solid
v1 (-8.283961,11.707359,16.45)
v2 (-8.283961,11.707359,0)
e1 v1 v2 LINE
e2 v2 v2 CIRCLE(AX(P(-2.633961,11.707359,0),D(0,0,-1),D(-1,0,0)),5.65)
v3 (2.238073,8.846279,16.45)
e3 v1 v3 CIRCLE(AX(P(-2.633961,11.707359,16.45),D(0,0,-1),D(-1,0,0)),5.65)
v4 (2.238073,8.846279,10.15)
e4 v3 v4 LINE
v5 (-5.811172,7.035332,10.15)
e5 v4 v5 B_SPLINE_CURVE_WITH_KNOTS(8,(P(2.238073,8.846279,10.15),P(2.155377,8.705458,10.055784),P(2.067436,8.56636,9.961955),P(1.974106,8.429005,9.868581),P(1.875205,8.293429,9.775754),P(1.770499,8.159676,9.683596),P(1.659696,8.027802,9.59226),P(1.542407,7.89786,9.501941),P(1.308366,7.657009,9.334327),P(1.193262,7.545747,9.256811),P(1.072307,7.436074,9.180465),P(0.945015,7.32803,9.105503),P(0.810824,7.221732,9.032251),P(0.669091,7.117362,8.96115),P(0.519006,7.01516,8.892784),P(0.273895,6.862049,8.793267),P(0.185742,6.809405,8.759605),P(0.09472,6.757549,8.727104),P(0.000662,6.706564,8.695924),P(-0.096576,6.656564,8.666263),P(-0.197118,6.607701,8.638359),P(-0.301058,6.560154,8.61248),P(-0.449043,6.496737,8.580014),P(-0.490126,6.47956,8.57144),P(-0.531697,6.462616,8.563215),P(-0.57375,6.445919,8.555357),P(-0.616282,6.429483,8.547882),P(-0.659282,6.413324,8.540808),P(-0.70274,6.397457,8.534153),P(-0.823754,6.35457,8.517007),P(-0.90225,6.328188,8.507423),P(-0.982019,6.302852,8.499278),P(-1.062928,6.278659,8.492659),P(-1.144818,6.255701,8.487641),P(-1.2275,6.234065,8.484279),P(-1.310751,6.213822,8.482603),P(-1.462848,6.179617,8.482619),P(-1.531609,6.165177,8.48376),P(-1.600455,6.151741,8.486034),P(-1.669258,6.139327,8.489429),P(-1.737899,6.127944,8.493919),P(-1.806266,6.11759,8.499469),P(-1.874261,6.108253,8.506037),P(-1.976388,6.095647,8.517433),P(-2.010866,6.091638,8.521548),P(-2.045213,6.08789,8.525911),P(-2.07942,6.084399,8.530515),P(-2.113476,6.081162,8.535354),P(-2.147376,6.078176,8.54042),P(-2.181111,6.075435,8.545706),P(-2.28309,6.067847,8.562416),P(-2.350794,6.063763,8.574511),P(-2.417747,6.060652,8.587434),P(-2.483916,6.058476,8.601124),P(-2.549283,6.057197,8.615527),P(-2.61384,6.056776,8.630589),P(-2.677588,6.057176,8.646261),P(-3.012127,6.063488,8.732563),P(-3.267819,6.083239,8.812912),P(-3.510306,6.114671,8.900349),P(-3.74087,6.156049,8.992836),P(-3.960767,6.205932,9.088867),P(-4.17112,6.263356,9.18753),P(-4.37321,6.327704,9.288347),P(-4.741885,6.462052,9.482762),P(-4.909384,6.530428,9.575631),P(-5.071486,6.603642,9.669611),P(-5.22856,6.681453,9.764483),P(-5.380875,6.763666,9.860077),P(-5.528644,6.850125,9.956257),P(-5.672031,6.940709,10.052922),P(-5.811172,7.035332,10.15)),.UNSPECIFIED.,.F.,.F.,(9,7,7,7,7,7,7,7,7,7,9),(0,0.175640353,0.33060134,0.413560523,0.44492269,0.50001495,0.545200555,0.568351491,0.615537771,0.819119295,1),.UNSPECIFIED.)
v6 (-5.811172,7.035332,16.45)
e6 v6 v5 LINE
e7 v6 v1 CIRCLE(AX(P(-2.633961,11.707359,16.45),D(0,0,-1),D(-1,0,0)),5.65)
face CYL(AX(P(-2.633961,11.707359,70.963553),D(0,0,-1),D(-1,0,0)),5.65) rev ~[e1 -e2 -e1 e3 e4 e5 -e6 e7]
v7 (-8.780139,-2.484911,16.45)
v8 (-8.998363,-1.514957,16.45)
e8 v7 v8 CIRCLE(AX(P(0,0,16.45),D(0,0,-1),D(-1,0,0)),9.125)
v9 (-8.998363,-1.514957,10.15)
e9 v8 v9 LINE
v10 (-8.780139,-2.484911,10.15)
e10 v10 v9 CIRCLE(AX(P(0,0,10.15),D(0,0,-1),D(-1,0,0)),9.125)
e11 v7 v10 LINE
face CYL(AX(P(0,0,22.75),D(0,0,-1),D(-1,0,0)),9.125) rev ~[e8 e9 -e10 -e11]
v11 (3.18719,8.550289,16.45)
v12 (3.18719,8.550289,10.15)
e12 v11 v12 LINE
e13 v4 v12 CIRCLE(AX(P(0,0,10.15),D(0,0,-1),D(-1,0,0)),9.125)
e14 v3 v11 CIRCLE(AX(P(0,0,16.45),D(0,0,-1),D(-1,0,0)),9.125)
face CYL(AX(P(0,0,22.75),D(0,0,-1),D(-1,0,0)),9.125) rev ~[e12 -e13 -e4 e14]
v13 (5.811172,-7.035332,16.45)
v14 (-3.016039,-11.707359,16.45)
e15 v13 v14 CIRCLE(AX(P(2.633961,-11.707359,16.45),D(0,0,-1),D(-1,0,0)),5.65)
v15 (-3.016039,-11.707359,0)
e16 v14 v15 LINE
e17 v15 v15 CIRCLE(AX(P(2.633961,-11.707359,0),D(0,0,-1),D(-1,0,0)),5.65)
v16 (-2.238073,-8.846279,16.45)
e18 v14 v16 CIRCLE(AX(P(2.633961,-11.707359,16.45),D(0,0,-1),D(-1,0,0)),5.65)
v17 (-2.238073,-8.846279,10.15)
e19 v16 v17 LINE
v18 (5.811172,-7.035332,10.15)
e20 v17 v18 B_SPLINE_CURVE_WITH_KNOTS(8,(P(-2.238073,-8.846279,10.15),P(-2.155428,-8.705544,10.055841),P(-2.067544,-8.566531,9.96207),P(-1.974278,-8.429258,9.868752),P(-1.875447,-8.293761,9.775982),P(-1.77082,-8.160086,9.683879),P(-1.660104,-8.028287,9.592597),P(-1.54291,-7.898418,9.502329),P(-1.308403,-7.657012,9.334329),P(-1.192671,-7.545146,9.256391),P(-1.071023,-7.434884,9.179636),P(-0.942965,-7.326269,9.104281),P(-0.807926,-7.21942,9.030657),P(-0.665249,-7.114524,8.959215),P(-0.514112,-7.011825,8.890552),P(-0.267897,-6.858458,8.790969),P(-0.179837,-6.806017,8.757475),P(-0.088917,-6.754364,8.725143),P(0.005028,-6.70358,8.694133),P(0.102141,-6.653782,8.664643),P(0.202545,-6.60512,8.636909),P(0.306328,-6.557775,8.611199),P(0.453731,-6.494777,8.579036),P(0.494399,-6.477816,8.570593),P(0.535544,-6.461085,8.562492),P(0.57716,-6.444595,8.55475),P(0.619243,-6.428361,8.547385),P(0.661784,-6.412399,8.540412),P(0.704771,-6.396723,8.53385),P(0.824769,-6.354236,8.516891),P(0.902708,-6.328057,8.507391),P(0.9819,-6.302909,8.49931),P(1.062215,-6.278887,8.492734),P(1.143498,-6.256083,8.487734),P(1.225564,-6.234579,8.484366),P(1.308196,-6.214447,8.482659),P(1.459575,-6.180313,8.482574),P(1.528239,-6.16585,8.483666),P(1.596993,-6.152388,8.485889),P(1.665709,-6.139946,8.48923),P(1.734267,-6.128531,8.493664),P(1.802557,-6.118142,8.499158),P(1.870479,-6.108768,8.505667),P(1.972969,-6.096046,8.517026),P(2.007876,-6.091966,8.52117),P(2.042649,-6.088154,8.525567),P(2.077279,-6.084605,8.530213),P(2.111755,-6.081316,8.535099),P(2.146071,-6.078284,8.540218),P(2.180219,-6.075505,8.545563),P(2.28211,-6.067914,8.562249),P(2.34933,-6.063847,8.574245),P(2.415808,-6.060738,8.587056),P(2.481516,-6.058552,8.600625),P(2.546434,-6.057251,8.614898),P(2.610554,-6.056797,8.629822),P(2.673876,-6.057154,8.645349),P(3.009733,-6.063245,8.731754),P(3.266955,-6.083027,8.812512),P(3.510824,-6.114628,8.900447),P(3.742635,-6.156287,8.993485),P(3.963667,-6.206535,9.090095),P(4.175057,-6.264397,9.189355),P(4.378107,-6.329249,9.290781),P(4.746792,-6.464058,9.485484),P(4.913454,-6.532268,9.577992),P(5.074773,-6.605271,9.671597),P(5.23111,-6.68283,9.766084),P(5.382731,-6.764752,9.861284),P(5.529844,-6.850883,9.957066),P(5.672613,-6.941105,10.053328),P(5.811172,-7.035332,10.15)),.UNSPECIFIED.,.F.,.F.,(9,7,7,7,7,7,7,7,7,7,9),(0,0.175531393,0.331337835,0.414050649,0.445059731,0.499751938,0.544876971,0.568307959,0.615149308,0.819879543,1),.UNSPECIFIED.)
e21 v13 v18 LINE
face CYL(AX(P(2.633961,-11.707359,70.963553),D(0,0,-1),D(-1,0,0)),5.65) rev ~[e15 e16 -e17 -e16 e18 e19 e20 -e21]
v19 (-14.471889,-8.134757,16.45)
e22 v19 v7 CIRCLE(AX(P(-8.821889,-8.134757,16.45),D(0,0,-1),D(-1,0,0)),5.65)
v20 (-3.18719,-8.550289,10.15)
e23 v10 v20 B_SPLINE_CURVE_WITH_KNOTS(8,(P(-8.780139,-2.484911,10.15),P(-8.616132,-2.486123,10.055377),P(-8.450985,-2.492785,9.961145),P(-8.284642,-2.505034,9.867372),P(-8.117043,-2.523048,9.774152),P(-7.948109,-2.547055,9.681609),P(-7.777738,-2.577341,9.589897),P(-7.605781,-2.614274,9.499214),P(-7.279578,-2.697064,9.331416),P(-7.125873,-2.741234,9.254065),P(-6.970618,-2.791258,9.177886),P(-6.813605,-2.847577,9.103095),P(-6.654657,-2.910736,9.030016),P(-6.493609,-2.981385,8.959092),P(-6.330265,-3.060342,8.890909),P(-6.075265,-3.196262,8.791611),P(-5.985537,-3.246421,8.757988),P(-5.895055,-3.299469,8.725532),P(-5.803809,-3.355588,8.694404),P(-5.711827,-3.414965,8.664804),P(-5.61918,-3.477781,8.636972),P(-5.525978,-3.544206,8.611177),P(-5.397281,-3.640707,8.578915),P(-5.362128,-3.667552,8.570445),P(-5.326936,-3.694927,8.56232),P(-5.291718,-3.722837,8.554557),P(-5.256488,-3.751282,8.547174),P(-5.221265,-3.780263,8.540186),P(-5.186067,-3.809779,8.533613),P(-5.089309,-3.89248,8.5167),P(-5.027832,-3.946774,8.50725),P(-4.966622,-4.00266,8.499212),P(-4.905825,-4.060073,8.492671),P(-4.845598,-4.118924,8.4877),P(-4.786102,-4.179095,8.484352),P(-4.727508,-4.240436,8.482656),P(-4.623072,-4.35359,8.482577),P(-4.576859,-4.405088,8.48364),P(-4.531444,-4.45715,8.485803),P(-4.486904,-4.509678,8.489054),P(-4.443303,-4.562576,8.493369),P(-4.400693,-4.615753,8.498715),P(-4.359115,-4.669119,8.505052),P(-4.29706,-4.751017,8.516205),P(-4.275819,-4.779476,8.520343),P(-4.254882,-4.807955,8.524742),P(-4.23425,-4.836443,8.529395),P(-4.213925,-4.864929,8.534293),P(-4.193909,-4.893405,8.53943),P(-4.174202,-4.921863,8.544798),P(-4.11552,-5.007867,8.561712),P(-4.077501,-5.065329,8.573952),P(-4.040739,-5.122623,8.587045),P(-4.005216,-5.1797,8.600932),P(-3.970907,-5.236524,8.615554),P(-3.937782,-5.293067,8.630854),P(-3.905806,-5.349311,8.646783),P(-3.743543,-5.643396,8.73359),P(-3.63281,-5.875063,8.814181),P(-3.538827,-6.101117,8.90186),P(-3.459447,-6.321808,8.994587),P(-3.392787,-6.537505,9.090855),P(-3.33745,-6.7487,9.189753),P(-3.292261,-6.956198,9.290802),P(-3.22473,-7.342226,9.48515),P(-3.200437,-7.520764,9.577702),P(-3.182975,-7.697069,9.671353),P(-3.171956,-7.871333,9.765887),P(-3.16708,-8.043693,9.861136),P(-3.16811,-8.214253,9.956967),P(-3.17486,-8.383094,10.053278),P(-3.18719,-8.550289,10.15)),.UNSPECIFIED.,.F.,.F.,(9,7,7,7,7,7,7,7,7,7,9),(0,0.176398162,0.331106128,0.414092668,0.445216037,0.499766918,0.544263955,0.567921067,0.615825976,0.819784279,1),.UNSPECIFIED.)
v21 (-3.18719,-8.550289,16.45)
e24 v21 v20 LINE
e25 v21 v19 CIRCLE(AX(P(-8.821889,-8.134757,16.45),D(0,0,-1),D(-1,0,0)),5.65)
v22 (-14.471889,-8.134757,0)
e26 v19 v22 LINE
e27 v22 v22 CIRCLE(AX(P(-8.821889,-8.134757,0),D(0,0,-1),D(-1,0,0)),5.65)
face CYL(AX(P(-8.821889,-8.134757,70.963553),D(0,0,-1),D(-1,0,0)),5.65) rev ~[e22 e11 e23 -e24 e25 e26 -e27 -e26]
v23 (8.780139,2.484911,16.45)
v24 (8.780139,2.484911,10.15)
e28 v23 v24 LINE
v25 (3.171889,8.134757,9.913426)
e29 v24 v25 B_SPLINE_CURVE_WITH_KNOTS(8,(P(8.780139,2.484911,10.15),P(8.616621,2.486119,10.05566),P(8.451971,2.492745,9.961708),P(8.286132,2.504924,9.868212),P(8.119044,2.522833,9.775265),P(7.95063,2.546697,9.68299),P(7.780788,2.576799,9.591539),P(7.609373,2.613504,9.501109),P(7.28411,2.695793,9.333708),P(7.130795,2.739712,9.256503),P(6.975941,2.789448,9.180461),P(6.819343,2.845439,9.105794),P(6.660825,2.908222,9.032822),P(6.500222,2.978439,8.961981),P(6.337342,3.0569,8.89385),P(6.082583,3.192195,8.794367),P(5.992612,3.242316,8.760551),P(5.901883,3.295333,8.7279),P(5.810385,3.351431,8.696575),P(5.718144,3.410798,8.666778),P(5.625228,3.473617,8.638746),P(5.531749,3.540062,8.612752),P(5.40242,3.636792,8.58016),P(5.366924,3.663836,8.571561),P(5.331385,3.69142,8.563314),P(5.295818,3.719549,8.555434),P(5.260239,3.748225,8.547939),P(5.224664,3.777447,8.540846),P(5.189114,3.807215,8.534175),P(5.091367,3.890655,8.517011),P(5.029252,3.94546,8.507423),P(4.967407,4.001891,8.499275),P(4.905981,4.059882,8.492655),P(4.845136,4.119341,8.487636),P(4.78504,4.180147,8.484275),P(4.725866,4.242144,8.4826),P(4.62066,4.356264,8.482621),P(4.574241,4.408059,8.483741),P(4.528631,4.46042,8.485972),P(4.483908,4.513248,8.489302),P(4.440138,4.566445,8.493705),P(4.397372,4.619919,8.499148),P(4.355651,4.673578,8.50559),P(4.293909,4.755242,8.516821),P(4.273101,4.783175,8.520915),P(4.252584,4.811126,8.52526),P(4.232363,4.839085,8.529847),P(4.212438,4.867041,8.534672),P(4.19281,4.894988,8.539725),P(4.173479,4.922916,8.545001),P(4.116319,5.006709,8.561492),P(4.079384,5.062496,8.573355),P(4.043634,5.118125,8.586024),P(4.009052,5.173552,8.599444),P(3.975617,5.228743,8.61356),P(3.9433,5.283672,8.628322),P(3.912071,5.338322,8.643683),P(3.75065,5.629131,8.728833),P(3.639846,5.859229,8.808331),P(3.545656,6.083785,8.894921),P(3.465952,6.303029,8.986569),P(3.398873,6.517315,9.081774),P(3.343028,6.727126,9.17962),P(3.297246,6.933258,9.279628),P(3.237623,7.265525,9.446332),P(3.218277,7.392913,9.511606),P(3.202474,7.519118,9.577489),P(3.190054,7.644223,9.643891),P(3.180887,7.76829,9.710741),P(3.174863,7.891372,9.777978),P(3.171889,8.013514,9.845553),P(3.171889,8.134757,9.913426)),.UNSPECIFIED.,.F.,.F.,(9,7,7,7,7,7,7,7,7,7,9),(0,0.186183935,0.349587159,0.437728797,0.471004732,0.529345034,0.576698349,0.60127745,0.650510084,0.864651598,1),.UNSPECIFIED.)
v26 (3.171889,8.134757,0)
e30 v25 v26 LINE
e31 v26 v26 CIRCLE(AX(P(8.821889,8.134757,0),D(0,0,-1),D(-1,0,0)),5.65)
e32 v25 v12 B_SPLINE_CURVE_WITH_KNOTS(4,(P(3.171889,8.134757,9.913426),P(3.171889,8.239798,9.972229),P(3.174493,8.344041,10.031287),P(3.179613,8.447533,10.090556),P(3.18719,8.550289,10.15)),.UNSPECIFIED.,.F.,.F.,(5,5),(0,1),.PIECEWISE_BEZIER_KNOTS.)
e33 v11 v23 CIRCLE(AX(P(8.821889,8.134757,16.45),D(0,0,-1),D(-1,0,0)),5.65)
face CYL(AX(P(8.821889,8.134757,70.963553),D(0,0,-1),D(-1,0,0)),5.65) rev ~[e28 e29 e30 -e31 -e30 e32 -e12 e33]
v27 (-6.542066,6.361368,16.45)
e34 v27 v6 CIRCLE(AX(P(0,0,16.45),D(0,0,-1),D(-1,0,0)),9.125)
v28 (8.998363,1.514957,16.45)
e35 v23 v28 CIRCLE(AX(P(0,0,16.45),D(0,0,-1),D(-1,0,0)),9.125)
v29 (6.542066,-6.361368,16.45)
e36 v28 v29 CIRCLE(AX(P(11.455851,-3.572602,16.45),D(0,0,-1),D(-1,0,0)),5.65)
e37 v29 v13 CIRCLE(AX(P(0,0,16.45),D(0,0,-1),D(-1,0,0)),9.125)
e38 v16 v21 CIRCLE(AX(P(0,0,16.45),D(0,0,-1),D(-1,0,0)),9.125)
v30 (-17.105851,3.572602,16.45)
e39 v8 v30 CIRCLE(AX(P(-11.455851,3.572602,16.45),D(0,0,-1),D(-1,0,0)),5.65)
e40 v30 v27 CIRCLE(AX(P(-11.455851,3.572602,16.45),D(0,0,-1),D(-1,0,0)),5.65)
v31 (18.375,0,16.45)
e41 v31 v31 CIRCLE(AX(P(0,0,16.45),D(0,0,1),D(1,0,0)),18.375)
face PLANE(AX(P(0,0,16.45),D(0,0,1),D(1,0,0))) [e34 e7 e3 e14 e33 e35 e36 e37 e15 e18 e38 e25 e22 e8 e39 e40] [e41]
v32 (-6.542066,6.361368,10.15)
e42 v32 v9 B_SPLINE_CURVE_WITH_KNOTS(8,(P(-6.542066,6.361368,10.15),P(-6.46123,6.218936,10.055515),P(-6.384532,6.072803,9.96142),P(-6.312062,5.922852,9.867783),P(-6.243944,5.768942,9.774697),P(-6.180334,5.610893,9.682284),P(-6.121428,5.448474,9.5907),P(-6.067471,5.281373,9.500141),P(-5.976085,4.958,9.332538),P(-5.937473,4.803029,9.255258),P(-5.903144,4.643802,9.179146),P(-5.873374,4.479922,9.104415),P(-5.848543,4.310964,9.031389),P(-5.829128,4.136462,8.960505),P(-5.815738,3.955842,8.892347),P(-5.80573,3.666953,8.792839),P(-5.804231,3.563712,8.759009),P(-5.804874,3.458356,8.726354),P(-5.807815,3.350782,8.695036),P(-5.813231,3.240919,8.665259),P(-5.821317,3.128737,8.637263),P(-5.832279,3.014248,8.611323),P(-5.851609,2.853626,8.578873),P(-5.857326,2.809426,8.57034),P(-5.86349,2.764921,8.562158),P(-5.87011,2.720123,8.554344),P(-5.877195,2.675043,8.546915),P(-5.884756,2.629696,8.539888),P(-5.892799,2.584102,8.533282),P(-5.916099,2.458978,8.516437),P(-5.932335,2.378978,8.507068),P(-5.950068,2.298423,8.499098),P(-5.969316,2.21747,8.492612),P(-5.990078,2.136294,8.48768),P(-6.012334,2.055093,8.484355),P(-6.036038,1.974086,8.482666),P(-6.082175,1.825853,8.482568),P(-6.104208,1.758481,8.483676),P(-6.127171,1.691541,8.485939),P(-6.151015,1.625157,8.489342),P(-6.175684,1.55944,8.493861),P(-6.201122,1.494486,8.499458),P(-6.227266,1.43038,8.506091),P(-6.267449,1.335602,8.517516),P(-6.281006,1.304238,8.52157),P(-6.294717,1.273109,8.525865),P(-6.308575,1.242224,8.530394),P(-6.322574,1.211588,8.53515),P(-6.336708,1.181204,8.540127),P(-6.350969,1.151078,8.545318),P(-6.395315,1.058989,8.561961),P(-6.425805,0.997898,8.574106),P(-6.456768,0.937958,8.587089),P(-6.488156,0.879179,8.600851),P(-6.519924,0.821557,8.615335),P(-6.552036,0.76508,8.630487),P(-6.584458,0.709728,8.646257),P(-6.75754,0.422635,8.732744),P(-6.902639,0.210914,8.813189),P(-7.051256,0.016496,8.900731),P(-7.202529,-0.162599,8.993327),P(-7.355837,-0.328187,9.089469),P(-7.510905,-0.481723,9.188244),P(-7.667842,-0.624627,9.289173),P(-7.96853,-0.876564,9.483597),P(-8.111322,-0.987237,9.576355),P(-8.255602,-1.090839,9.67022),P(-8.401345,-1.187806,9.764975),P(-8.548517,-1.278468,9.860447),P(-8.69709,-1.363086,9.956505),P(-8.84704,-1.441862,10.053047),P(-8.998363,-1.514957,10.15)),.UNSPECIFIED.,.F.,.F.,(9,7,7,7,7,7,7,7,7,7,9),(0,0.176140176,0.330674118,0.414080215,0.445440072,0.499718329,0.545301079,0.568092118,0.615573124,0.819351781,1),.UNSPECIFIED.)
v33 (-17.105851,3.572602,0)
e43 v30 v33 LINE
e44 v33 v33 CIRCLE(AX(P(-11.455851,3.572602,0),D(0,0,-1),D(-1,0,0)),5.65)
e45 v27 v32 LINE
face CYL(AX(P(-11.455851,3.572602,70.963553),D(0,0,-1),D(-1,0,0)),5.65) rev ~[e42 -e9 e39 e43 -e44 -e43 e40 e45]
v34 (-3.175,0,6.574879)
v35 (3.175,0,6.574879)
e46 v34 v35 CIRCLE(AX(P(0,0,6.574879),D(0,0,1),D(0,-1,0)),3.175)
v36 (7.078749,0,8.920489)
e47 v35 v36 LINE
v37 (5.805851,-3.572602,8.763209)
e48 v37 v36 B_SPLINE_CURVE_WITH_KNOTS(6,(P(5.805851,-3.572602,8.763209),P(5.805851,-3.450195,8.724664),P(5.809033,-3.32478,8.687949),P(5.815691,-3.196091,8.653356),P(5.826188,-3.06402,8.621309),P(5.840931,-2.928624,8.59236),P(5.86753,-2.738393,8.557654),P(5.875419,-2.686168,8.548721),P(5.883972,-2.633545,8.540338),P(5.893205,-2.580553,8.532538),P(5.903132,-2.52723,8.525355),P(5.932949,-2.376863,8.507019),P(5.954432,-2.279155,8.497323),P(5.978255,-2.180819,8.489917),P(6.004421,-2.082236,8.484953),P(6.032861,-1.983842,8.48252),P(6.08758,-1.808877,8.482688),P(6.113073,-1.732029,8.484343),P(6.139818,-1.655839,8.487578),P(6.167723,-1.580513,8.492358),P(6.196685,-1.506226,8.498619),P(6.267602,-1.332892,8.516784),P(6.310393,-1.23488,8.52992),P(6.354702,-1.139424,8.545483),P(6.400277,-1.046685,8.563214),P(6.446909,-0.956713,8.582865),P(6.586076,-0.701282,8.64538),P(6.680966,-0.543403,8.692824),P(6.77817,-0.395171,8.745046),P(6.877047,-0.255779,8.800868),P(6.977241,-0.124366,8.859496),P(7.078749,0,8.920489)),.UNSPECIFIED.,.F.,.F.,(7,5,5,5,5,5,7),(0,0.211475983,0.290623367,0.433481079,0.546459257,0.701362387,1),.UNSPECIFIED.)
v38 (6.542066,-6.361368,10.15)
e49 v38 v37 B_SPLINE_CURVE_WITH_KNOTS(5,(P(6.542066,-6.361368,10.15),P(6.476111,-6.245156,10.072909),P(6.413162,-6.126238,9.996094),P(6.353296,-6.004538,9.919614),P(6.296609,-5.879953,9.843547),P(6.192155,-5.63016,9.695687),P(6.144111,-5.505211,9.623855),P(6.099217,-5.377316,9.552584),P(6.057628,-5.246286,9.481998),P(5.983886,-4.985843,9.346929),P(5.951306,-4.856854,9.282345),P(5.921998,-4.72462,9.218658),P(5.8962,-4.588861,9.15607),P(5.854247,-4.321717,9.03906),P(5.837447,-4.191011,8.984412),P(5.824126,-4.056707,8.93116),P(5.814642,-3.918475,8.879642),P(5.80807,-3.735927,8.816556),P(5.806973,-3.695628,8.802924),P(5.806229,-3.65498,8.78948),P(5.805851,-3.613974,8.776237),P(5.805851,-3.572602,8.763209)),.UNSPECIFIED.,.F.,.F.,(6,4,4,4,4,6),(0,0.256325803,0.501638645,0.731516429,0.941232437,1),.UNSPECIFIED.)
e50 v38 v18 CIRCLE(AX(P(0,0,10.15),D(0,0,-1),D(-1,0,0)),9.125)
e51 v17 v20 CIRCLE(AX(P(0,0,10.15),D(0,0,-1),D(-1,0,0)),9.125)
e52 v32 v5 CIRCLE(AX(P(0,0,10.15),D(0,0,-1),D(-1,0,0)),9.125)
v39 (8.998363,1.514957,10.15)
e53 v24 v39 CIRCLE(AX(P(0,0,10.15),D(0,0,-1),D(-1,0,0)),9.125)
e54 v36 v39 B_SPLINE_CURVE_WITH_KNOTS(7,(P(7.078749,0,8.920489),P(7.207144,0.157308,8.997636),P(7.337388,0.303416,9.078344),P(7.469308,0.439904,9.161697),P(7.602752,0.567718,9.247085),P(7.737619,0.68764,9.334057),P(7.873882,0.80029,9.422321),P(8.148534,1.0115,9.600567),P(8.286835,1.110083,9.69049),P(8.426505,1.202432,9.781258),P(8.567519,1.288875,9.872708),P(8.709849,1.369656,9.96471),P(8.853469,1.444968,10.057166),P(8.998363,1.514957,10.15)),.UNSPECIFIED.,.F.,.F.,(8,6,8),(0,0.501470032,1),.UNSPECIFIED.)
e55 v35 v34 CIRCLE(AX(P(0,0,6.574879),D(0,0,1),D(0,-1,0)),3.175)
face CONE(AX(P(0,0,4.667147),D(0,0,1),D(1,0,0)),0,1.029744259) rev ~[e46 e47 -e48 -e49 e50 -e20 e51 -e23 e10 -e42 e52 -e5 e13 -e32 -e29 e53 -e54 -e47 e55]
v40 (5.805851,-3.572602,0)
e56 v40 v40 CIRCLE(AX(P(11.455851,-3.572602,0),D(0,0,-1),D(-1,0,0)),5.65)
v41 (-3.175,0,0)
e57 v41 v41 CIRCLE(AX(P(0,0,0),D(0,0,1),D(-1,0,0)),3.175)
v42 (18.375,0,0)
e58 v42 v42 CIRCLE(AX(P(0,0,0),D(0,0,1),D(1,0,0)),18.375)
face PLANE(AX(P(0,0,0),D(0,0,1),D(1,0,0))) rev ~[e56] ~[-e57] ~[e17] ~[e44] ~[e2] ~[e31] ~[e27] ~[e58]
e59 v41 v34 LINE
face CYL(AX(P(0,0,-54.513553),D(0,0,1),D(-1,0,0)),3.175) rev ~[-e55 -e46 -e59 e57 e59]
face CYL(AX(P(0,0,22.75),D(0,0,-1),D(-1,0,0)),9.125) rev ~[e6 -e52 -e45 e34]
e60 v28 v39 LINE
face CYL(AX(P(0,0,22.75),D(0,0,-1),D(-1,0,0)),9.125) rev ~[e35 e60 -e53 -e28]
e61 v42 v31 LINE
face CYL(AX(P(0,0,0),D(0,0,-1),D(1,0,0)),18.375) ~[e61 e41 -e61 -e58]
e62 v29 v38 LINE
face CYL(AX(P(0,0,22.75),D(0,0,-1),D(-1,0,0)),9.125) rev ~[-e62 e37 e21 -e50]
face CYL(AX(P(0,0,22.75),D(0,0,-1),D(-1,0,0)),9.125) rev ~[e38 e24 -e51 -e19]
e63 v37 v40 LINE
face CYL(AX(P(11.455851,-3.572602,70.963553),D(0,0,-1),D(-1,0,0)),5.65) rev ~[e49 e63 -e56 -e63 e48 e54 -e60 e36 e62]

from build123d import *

# Parameters (mm, degrees)
F0_R     = 18.375
F1_DEPTH = 16.45
F3_D     = 11.3
F5_D     = 18.25
F5_DEPTH = 6.3
F5_TIP   = 5.4828531486
F7_D     = 6.35


with BuildPart() as f1:
    # F0 (on Top) → F1 (new body)
    with BuildSketch(Plane.XY):
        Circle(F0_R)
    extrude(amount=F1_DEPTH)

    # F3 (through all)
    with Locations(Plane.XY.offset(16.45)):
        with Locations((-8.8218893741, -8.1347567801), (-2.6339613381, 11.7073586974), (-11.4558507122, 3.5726019173), (2.6339613381, -11.7073586974), (11.4558507122, -3.5726019173), (8.8218893741, 8.1347567801)):
            Hole(F3_D / 2)

    # F5
    with Locations(Plane.XY.offset(16.45)):
        with Locations((0, 0)):
            Hole(F5_D / 2, depth=F5_DEPTH)
            with Locations((0, 0, -(F5_DEPTH + F5_TIP / 2))):  # 118° drill point
                Cone(0, F5_D / 2, F5_TIP, mode=Mode.SUBTRACT)

    # F7 (through all)
    with Locations(Plane(origin=(0, 0, 0), x_dir=(1, 0, 0), z_dir=(0, 0, -1))):
        with Locations((0, 0)):
            Hole(F7_D / 2)


solid = f1.part
